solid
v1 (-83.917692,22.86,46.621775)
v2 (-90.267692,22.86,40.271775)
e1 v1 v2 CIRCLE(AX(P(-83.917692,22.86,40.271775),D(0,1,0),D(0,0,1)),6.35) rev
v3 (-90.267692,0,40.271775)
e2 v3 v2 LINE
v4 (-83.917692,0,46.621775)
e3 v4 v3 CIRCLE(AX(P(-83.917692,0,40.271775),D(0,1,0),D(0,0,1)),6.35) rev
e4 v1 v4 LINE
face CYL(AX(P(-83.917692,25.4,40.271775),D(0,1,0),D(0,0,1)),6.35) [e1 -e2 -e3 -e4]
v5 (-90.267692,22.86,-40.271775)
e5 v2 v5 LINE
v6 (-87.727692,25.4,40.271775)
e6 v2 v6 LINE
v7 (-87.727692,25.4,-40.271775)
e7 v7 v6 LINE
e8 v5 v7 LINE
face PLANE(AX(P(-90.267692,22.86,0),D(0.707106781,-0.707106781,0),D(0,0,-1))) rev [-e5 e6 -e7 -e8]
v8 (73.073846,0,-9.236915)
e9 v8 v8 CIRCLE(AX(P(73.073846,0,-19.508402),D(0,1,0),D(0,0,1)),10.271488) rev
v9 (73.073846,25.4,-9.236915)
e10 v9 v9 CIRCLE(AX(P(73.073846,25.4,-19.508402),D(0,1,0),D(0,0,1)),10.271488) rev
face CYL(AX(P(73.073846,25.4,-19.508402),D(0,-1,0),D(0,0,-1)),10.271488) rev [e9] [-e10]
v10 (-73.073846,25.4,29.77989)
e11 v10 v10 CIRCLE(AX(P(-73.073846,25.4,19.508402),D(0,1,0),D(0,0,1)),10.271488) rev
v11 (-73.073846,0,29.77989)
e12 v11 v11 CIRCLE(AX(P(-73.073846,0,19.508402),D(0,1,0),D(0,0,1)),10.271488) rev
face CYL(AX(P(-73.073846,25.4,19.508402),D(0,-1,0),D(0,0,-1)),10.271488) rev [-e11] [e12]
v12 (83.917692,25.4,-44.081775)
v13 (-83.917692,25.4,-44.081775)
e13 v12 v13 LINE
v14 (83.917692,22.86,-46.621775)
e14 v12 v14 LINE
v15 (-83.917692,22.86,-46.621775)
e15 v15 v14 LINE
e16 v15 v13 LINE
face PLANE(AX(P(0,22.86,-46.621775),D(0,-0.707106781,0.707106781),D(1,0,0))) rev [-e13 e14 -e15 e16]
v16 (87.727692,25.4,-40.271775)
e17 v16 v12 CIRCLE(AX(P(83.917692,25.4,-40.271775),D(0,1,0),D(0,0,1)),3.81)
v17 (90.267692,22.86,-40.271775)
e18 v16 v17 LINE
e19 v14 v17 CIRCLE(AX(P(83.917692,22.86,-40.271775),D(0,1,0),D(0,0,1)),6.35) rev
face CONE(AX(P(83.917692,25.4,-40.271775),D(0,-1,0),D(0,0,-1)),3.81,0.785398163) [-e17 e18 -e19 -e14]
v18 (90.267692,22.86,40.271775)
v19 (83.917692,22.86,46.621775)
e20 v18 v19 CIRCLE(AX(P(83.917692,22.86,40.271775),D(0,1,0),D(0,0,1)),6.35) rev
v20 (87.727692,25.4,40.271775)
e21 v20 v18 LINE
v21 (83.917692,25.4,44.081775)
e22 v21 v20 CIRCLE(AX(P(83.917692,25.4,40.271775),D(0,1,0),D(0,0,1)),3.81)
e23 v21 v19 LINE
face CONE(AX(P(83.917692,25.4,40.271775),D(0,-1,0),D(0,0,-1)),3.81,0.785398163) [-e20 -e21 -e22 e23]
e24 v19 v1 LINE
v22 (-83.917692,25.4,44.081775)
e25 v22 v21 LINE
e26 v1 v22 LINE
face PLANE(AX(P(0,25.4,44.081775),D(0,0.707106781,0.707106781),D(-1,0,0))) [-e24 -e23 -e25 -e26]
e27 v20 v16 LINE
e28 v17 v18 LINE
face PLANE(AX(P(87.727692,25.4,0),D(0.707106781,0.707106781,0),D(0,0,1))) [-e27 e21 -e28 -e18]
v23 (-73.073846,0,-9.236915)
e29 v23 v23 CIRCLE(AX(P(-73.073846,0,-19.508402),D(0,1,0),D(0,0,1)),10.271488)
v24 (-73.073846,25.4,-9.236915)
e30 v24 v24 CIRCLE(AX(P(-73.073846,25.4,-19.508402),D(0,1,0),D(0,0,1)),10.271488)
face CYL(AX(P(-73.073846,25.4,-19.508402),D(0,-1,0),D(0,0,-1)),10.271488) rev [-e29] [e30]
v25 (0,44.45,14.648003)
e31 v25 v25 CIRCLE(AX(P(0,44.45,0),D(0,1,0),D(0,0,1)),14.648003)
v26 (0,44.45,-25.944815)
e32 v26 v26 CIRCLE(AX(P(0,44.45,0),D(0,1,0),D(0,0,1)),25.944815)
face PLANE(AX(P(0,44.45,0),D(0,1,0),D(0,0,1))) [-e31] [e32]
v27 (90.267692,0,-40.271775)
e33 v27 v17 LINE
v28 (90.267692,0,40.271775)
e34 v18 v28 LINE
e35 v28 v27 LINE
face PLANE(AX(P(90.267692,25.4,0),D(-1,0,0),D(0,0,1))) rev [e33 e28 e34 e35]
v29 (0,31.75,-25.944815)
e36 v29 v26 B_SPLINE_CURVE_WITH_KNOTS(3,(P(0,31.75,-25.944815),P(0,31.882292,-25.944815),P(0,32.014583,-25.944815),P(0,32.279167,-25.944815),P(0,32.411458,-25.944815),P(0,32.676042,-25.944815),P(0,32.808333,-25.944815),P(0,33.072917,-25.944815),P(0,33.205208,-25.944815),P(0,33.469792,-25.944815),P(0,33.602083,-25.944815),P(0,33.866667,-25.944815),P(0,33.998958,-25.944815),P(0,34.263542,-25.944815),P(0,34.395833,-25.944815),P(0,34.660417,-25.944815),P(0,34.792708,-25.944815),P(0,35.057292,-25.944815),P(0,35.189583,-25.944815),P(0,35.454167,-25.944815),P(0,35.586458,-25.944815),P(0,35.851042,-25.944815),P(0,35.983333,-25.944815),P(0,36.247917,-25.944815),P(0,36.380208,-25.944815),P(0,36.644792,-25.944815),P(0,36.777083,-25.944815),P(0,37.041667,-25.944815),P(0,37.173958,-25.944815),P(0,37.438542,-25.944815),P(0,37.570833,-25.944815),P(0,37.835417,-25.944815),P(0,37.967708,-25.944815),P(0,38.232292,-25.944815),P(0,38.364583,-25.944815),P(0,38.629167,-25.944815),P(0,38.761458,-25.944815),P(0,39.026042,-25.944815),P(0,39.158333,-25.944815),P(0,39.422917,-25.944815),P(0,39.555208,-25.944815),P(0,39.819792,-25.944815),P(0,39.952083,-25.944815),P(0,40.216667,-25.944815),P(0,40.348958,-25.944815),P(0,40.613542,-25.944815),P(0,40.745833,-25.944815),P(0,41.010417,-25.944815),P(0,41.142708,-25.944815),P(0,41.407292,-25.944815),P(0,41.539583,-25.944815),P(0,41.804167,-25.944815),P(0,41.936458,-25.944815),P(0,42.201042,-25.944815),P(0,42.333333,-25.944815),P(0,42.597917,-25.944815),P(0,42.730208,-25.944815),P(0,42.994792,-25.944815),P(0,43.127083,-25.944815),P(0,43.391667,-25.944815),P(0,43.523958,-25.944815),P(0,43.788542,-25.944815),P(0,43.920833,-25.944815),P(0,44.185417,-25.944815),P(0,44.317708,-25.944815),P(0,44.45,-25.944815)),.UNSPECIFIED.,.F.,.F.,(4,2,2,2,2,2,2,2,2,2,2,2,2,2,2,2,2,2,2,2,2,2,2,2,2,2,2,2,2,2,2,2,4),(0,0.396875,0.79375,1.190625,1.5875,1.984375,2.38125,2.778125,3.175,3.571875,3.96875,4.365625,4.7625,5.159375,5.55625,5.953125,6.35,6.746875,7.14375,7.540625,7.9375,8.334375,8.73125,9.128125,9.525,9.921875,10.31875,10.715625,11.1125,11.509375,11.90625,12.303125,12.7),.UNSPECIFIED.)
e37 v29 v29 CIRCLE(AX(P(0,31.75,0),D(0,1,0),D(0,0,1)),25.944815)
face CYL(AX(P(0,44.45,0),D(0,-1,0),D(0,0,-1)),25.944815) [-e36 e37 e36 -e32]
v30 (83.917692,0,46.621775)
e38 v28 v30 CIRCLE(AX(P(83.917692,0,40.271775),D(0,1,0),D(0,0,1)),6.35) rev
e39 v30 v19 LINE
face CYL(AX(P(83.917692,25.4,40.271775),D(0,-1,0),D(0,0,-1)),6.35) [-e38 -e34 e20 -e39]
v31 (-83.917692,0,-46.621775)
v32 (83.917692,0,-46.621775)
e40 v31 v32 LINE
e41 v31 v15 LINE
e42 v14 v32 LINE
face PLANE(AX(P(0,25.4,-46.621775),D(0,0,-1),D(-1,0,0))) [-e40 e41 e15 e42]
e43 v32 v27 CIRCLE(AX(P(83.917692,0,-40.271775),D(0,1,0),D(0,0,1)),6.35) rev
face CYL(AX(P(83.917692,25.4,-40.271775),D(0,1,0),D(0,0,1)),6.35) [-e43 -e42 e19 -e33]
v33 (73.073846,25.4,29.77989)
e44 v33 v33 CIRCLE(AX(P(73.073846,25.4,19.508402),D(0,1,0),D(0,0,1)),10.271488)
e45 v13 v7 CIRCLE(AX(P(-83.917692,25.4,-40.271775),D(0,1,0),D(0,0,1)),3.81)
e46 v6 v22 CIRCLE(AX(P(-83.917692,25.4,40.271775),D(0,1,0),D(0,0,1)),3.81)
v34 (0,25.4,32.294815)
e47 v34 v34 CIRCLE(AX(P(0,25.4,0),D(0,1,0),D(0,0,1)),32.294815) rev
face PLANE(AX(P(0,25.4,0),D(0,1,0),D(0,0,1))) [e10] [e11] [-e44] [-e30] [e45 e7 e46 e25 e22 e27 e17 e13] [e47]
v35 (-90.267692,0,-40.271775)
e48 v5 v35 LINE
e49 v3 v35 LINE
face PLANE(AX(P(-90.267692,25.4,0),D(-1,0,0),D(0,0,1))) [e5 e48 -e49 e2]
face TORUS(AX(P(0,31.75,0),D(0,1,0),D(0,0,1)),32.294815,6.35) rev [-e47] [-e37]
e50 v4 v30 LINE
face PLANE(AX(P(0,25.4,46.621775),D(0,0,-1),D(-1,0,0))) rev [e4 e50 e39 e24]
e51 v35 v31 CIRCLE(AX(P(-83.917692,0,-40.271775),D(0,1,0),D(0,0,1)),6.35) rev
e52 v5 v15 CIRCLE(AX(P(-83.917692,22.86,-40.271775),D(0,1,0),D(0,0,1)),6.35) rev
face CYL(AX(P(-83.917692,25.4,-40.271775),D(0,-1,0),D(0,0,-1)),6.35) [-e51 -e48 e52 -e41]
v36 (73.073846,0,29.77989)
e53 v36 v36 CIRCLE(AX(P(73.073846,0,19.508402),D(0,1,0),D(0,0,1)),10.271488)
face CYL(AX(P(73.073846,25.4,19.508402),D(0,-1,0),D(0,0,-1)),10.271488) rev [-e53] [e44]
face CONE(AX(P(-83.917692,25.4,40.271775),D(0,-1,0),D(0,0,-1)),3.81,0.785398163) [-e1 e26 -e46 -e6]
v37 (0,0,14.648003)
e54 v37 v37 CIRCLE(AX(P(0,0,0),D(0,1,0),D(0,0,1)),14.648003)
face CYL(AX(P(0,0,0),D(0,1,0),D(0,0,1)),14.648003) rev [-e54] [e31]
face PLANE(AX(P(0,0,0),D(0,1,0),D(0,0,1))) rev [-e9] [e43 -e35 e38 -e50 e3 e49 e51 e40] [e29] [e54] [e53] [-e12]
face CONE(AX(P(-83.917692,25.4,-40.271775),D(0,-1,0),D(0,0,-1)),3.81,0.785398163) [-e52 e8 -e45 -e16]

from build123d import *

# Parameters (mm, degrees)
SKETCH1_W           = 180.535384616
SKETCH1_H           = 93.243550296
SKETCH1_R           = 10.271487678
BOSS_EXTRUDE1_DEPTH = 25.4
SKETCH2_R           = 25.944815363
BOSS_EXTRUDE2_DEPTH = 19.05
SKETCH3_R           = 14.648002934
CUT_EXTRUDE1_DEPTH  = 111.894764045
FILLET2_R           = 6.35
CHAMFER1_SIZE       = 2.54


with BuildPart() as part:
    # Sketch1 → Boss-Extrude1 (new body)
    with BuildSketch(Plane(origin=(0, 0, 0), x_dir=(1, 0, 0), z_dir=(0, 1, 0))):
        Rectangle(SKETCH1_W, SKETCH1_H)
        with Locations(Location((73.073846154, 19.508402367, 0), (0, 0, 270))):
            Circle(SKETCH1_R, mode=Mode.SUBTRACT)
        with Locations(Location((-73.073846154, 19.508402367, 0), (0, 0, 270))):
            Circle(SKETCH1_R, mode=Mode.SUBTRACT)
        with Locations(Location((73.073846154, -19.508402367, 0), (0, 0, 270))):
            Circle(SKETCH1_R, mode=Mode.SUBTRACT)
        with Locations(Location((-73.073846154, -19.508402367, 0), (0, 0, 270))):
            Circle(SKETCH1_R, mode=Mode.SUBTRACT)
    extrude(amount=BOSS_EXTRUDE1_DEPTH)

    # Sketch2 → Boss-Extrude2 (add)
    with BuildSketch(Plane(origin=(0, 25.4, 0), x_dir=(1, 0, 0), z_dir=(0, 1, 0))):
        with Locations(Location((0, 0, 0), (0, 0, 90))):
            Circle(SKETCH2_R)
    extrude(amount=BOSS_EXTRUDE2_DEPTH)

    # Sketch3 → Cut-Extrude1 (cut, through all)
    with BuildSketch(Plane(origin=(0, 44.45, 0), x_dir=(1, 0, 0), z_dir=(0, 1, 0))):
        with Locations(Location((0, 0, 0), (0, 0, 270))):
            Circle(SKETCH3_R)
    extrude(amount=-CUT_EXTRUDE1_DEPTH, mode=Mode.SUBTRACT)

    # Fillet2
    fillet2_edges = [part.edges().sort_by_distance(p)[0] for p in [
        (-90.267692308, 12.7, 46.621775148),
        (-90.267692308, 12.7, -46.621775148),
        (90.267692308, 12.7, -46.621775148),
        (90.267692308, 12.7, 46.621775148),
        (0, 25.4, 25.944815363),
    ]]
    fillet(fillet2_edges, radius=FILLET2_R)

    # Chamfer1
    chamfer1_edges = [part.edges().sort_by_distance(p)[0] for p in [
        (-90.267692308, 25.4, 0),
        (0, 25.4, -46.621775148),
        (0, 25.4, 46.621775148),
        (90.267692308, 25.4, 0),
        (-88.407820368, 25.4, 44.761903208),
        (88.407820368, 25.4, 44.761903208),
        (88.407820368, 25.4, -44.761903208),
        (-88.407820368, 25.4, -44.761903208),
    ]]
    chamfer(chamfer1_edges, length=CHAMFER1_SIZE)


solid = part.part
